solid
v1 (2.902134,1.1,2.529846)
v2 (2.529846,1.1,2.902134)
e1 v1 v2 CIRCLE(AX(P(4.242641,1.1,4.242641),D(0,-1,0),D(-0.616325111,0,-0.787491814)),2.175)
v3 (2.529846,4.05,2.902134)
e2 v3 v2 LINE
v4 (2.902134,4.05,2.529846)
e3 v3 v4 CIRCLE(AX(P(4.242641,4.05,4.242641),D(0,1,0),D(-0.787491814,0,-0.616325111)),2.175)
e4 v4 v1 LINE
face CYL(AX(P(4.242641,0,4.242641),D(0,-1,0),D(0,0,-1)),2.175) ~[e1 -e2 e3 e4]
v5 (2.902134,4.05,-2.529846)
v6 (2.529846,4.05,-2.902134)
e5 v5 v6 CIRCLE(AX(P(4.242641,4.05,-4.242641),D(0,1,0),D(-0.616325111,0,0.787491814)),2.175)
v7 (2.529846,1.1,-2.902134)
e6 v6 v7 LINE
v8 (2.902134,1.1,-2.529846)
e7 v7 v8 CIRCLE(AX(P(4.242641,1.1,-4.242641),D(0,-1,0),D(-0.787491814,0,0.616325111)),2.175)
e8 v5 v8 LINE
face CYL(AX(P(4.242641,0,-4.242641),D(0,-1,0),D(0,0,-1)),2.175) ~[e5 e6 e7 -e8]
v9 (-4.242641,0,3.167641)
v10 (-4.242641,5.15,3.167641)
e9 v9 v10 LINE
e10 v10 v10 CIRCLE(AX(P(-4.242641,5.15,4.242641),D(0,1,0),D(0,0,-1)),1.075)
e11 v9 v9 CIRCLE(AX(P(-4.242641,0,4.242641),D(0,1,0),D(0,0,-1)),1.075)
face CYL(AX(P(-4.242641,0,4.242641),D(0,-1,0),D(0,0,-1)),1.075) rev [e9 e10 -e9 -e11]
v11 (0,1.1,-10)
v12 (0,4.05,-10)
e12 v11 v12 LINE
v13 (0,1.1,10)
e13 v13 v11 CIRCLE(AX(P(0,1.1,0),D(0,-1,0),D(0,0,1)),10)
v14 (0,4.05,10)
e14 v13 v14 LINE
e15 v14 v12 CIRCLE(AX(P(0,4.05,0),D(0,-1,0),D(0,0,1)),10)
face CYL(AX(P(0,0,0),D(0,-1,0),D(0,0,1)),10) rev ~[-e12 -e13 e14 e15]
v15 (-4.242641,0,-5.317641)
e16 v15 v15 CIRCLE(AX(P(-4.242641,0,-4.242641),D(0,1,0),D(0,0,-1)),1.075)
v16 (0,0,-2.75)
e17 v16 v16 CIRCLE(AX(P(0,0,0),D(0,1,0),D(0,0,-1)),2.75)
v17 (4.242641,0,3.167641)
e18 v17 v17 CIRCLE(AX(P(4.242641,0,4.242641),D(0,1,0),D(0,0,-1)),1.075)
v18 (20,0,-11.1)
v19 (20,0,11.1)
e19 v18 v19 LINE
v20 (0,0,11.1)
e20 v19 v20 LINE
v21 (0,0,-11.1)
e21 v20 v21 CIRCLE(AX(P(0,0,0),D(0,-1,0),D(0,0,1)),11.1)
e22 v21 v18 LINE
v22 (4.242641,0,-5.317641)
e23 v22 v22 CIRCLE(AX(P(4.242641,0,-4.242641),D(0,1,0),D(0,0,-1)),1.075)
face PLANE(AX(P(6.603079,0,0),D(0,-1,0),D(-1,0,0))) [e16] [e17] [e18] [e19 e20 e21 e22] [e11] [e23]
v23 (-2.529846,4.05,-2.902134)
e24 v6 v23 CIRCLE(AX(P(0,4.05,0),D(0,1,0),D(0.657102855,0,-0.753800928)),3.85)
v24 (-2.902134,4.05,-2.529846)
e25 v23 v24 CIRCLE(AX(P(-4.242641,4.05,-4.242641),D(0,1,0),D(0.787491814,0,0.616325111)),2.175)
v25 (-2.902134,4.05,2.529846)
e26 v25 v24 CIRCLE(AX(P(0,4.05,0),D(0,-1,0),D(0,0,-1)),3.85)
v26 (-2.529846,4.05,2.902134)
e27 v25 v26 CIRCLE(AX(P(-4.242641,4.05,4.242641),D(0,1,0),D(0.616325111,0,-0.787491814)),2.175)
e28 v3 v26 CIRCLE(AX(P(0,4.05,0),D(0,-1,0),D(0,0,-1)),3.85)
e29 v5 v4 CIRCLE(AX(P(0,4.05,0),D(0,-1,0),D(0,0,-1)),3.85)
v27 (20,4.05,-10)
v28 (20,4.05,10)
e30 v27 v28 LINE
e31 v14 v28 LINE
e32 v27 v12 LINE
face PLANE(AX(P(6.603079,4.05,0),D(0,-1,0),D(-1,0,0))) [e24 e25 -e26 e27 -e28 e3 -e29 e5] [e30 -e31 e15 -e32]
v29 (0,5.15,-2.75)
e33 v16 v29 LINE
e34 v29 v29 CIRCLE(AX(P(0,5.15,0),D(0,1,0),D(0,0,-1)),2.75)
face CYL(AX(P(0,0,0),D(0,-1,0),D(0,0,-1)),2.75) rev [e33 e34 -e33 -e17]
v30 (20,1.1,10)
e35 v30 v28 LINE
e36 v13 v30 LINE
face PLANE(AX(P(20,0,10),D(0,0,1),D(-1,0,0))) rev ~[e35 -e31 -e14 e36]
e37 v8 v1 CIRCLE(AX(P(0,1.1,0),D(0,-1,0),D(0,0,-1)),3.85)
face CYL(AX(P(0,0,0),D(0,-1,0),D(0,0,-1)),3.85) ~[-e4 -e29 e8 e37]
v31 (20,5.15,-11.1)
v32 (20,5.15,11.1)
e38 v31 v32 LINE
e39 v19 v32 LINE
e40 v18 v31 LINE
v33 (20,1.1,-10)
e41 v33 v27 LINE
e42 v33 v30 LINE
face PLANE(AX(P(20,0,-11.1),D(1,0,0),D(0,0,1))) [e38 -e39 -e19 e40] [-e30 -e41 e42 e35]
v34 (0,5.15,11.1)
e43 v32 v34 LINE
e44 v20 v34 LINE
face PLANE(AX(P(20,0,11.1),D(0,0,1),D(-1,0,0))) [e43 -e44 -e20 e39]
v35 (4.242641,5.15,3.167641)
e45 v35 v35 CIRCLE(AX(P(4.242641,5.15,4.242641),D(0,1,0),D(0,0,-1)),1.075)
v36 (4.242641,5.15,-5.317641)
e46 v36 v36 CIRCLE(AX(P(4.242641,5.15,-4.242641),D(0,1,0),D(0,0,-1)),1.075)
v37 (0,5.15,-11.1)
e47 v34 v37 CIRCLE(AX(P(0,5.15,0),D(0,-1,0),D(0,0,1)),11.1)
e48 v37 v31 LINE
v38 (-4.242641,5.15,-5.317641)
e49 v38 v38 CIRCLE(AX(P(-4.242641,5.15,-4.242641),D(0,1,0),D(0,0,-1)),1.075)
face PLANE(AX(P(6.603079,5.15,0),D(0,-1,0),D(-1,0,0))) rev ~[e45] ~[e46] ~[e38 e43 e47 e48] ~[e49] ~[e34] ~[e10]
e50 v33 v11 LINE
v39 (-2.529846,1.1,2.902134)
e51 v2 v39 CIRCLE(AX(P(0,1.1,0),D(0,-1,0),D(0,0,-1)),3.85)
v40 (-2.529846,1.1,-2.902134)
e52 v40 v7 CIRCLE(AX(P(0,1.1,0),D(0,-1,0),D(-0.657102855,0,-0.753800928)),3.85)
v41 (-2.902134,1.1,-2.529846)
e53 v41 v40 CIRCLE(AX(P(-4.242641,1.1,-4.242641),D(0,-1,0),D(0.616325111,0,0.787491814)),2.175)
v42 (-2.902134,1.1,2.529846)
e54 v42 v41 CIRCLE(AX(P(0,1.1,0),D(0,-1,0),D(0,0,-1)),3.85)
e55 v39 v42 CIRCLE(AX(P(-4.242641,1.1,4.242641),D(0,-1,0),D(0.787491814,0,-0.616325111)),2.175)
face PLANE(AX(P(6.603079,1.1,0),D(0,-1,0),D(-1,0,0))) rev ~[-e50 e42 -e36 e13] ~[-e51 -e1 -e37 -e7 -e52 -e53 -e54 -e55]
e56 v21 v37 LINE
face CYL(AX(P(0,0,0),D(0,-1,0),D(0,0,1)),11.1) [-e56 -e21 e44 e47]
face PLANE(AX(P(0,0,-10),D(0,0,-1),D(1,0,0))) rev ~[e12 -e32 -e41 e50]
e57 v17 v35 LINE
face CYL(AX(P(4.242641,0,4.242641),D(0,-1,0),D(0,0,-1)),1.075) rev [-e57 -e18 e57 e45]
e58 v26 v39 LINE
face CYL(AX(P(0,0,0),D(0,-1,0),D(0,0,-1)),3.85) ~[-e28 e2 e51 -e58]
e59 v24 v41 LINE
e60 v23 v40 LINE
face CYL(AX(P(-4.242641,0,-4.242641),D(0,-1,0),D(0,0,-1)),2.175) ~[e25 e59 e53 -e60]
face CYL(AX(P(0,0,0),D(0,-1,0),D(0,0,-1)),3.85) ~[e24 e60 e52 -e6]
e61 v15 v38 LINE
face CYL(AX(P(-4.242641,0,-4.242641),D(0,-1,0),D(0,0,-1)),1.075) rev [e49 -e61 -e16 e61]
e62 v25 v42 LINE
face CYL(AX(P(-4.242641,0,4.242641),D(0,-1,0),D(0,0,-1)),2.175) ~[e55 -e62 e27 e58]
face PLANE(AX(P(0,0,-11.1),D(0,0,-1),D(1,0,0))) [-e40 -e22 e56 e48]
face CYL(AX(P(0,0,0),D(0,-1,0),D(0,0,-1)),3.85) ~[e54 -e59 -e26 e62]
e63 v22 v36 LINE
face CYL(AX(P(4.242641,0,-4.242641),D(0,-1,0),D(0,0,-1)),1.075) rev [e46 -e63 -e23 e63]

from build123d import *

# Parameters (mm, degrees)
SKETCH2_R           = 1.075
SKETCH2_R_2         = 2.75
BOSS_EXTRUDE1_DEPTH = 5.15
SHELL1_T            = -1.1


with BuildPart() as part:
    # Sketch2 → Boss-Extrude1 (new body)
    with BuildSketch(Plane(origin=(0, 0, 0), x_dir=(1, 0, 0), z_dir=(0, 1, 0))):
        with BuildLine():
            Line((0, 11.1), (20, 11.1))
            Line((20, 11.1), (20, -11.1))
            Line((20, -11.1), (0, -11.1))
            ThreePointArc((0, -11.1), (-11.1, 0), (0, 11.1))
        make_face()
        with Locations(Location((-4.242640687, 4.242640687, 0), (0, 0, 90))):
            Circle(SKETCH2_R, mode=Mode.SUBTRACT)
        with Locations(Location((4.242640687, 4.242640687, 0), (0, 0, 90))):
            Circle(SKETCH2_R, mode=Mode.SUBTRACT)
        with Locations(Location((-4.242640687, -4.242640687, 0), (0, 0, 90))):
            Circle(SKETCH2_R, mode=Mode.SUBTRACT)
        with Locations(Location((4.242640687, -4.242640687, 0), (0, 0, 90))):
            Circle(SKETCH2_R, mode=Mode.SUBTRACT)
        with Locations(Location((0, 0, 0), (0, 0, 90))):
            Circle(SKETCH2_R_2, mode=Mode.SUBTRACT)
    extrude(amount=BOSS_EXTRUDE1_DEPTH)

    # Shell1
    shell1_openings = [part.faces().sort_by_distance(p)[0] for p in [
        (20, 2.575, 0),
    ]]
    offset(amount=SHELL1_T, openings=shell1_openings)


solid = part.part
